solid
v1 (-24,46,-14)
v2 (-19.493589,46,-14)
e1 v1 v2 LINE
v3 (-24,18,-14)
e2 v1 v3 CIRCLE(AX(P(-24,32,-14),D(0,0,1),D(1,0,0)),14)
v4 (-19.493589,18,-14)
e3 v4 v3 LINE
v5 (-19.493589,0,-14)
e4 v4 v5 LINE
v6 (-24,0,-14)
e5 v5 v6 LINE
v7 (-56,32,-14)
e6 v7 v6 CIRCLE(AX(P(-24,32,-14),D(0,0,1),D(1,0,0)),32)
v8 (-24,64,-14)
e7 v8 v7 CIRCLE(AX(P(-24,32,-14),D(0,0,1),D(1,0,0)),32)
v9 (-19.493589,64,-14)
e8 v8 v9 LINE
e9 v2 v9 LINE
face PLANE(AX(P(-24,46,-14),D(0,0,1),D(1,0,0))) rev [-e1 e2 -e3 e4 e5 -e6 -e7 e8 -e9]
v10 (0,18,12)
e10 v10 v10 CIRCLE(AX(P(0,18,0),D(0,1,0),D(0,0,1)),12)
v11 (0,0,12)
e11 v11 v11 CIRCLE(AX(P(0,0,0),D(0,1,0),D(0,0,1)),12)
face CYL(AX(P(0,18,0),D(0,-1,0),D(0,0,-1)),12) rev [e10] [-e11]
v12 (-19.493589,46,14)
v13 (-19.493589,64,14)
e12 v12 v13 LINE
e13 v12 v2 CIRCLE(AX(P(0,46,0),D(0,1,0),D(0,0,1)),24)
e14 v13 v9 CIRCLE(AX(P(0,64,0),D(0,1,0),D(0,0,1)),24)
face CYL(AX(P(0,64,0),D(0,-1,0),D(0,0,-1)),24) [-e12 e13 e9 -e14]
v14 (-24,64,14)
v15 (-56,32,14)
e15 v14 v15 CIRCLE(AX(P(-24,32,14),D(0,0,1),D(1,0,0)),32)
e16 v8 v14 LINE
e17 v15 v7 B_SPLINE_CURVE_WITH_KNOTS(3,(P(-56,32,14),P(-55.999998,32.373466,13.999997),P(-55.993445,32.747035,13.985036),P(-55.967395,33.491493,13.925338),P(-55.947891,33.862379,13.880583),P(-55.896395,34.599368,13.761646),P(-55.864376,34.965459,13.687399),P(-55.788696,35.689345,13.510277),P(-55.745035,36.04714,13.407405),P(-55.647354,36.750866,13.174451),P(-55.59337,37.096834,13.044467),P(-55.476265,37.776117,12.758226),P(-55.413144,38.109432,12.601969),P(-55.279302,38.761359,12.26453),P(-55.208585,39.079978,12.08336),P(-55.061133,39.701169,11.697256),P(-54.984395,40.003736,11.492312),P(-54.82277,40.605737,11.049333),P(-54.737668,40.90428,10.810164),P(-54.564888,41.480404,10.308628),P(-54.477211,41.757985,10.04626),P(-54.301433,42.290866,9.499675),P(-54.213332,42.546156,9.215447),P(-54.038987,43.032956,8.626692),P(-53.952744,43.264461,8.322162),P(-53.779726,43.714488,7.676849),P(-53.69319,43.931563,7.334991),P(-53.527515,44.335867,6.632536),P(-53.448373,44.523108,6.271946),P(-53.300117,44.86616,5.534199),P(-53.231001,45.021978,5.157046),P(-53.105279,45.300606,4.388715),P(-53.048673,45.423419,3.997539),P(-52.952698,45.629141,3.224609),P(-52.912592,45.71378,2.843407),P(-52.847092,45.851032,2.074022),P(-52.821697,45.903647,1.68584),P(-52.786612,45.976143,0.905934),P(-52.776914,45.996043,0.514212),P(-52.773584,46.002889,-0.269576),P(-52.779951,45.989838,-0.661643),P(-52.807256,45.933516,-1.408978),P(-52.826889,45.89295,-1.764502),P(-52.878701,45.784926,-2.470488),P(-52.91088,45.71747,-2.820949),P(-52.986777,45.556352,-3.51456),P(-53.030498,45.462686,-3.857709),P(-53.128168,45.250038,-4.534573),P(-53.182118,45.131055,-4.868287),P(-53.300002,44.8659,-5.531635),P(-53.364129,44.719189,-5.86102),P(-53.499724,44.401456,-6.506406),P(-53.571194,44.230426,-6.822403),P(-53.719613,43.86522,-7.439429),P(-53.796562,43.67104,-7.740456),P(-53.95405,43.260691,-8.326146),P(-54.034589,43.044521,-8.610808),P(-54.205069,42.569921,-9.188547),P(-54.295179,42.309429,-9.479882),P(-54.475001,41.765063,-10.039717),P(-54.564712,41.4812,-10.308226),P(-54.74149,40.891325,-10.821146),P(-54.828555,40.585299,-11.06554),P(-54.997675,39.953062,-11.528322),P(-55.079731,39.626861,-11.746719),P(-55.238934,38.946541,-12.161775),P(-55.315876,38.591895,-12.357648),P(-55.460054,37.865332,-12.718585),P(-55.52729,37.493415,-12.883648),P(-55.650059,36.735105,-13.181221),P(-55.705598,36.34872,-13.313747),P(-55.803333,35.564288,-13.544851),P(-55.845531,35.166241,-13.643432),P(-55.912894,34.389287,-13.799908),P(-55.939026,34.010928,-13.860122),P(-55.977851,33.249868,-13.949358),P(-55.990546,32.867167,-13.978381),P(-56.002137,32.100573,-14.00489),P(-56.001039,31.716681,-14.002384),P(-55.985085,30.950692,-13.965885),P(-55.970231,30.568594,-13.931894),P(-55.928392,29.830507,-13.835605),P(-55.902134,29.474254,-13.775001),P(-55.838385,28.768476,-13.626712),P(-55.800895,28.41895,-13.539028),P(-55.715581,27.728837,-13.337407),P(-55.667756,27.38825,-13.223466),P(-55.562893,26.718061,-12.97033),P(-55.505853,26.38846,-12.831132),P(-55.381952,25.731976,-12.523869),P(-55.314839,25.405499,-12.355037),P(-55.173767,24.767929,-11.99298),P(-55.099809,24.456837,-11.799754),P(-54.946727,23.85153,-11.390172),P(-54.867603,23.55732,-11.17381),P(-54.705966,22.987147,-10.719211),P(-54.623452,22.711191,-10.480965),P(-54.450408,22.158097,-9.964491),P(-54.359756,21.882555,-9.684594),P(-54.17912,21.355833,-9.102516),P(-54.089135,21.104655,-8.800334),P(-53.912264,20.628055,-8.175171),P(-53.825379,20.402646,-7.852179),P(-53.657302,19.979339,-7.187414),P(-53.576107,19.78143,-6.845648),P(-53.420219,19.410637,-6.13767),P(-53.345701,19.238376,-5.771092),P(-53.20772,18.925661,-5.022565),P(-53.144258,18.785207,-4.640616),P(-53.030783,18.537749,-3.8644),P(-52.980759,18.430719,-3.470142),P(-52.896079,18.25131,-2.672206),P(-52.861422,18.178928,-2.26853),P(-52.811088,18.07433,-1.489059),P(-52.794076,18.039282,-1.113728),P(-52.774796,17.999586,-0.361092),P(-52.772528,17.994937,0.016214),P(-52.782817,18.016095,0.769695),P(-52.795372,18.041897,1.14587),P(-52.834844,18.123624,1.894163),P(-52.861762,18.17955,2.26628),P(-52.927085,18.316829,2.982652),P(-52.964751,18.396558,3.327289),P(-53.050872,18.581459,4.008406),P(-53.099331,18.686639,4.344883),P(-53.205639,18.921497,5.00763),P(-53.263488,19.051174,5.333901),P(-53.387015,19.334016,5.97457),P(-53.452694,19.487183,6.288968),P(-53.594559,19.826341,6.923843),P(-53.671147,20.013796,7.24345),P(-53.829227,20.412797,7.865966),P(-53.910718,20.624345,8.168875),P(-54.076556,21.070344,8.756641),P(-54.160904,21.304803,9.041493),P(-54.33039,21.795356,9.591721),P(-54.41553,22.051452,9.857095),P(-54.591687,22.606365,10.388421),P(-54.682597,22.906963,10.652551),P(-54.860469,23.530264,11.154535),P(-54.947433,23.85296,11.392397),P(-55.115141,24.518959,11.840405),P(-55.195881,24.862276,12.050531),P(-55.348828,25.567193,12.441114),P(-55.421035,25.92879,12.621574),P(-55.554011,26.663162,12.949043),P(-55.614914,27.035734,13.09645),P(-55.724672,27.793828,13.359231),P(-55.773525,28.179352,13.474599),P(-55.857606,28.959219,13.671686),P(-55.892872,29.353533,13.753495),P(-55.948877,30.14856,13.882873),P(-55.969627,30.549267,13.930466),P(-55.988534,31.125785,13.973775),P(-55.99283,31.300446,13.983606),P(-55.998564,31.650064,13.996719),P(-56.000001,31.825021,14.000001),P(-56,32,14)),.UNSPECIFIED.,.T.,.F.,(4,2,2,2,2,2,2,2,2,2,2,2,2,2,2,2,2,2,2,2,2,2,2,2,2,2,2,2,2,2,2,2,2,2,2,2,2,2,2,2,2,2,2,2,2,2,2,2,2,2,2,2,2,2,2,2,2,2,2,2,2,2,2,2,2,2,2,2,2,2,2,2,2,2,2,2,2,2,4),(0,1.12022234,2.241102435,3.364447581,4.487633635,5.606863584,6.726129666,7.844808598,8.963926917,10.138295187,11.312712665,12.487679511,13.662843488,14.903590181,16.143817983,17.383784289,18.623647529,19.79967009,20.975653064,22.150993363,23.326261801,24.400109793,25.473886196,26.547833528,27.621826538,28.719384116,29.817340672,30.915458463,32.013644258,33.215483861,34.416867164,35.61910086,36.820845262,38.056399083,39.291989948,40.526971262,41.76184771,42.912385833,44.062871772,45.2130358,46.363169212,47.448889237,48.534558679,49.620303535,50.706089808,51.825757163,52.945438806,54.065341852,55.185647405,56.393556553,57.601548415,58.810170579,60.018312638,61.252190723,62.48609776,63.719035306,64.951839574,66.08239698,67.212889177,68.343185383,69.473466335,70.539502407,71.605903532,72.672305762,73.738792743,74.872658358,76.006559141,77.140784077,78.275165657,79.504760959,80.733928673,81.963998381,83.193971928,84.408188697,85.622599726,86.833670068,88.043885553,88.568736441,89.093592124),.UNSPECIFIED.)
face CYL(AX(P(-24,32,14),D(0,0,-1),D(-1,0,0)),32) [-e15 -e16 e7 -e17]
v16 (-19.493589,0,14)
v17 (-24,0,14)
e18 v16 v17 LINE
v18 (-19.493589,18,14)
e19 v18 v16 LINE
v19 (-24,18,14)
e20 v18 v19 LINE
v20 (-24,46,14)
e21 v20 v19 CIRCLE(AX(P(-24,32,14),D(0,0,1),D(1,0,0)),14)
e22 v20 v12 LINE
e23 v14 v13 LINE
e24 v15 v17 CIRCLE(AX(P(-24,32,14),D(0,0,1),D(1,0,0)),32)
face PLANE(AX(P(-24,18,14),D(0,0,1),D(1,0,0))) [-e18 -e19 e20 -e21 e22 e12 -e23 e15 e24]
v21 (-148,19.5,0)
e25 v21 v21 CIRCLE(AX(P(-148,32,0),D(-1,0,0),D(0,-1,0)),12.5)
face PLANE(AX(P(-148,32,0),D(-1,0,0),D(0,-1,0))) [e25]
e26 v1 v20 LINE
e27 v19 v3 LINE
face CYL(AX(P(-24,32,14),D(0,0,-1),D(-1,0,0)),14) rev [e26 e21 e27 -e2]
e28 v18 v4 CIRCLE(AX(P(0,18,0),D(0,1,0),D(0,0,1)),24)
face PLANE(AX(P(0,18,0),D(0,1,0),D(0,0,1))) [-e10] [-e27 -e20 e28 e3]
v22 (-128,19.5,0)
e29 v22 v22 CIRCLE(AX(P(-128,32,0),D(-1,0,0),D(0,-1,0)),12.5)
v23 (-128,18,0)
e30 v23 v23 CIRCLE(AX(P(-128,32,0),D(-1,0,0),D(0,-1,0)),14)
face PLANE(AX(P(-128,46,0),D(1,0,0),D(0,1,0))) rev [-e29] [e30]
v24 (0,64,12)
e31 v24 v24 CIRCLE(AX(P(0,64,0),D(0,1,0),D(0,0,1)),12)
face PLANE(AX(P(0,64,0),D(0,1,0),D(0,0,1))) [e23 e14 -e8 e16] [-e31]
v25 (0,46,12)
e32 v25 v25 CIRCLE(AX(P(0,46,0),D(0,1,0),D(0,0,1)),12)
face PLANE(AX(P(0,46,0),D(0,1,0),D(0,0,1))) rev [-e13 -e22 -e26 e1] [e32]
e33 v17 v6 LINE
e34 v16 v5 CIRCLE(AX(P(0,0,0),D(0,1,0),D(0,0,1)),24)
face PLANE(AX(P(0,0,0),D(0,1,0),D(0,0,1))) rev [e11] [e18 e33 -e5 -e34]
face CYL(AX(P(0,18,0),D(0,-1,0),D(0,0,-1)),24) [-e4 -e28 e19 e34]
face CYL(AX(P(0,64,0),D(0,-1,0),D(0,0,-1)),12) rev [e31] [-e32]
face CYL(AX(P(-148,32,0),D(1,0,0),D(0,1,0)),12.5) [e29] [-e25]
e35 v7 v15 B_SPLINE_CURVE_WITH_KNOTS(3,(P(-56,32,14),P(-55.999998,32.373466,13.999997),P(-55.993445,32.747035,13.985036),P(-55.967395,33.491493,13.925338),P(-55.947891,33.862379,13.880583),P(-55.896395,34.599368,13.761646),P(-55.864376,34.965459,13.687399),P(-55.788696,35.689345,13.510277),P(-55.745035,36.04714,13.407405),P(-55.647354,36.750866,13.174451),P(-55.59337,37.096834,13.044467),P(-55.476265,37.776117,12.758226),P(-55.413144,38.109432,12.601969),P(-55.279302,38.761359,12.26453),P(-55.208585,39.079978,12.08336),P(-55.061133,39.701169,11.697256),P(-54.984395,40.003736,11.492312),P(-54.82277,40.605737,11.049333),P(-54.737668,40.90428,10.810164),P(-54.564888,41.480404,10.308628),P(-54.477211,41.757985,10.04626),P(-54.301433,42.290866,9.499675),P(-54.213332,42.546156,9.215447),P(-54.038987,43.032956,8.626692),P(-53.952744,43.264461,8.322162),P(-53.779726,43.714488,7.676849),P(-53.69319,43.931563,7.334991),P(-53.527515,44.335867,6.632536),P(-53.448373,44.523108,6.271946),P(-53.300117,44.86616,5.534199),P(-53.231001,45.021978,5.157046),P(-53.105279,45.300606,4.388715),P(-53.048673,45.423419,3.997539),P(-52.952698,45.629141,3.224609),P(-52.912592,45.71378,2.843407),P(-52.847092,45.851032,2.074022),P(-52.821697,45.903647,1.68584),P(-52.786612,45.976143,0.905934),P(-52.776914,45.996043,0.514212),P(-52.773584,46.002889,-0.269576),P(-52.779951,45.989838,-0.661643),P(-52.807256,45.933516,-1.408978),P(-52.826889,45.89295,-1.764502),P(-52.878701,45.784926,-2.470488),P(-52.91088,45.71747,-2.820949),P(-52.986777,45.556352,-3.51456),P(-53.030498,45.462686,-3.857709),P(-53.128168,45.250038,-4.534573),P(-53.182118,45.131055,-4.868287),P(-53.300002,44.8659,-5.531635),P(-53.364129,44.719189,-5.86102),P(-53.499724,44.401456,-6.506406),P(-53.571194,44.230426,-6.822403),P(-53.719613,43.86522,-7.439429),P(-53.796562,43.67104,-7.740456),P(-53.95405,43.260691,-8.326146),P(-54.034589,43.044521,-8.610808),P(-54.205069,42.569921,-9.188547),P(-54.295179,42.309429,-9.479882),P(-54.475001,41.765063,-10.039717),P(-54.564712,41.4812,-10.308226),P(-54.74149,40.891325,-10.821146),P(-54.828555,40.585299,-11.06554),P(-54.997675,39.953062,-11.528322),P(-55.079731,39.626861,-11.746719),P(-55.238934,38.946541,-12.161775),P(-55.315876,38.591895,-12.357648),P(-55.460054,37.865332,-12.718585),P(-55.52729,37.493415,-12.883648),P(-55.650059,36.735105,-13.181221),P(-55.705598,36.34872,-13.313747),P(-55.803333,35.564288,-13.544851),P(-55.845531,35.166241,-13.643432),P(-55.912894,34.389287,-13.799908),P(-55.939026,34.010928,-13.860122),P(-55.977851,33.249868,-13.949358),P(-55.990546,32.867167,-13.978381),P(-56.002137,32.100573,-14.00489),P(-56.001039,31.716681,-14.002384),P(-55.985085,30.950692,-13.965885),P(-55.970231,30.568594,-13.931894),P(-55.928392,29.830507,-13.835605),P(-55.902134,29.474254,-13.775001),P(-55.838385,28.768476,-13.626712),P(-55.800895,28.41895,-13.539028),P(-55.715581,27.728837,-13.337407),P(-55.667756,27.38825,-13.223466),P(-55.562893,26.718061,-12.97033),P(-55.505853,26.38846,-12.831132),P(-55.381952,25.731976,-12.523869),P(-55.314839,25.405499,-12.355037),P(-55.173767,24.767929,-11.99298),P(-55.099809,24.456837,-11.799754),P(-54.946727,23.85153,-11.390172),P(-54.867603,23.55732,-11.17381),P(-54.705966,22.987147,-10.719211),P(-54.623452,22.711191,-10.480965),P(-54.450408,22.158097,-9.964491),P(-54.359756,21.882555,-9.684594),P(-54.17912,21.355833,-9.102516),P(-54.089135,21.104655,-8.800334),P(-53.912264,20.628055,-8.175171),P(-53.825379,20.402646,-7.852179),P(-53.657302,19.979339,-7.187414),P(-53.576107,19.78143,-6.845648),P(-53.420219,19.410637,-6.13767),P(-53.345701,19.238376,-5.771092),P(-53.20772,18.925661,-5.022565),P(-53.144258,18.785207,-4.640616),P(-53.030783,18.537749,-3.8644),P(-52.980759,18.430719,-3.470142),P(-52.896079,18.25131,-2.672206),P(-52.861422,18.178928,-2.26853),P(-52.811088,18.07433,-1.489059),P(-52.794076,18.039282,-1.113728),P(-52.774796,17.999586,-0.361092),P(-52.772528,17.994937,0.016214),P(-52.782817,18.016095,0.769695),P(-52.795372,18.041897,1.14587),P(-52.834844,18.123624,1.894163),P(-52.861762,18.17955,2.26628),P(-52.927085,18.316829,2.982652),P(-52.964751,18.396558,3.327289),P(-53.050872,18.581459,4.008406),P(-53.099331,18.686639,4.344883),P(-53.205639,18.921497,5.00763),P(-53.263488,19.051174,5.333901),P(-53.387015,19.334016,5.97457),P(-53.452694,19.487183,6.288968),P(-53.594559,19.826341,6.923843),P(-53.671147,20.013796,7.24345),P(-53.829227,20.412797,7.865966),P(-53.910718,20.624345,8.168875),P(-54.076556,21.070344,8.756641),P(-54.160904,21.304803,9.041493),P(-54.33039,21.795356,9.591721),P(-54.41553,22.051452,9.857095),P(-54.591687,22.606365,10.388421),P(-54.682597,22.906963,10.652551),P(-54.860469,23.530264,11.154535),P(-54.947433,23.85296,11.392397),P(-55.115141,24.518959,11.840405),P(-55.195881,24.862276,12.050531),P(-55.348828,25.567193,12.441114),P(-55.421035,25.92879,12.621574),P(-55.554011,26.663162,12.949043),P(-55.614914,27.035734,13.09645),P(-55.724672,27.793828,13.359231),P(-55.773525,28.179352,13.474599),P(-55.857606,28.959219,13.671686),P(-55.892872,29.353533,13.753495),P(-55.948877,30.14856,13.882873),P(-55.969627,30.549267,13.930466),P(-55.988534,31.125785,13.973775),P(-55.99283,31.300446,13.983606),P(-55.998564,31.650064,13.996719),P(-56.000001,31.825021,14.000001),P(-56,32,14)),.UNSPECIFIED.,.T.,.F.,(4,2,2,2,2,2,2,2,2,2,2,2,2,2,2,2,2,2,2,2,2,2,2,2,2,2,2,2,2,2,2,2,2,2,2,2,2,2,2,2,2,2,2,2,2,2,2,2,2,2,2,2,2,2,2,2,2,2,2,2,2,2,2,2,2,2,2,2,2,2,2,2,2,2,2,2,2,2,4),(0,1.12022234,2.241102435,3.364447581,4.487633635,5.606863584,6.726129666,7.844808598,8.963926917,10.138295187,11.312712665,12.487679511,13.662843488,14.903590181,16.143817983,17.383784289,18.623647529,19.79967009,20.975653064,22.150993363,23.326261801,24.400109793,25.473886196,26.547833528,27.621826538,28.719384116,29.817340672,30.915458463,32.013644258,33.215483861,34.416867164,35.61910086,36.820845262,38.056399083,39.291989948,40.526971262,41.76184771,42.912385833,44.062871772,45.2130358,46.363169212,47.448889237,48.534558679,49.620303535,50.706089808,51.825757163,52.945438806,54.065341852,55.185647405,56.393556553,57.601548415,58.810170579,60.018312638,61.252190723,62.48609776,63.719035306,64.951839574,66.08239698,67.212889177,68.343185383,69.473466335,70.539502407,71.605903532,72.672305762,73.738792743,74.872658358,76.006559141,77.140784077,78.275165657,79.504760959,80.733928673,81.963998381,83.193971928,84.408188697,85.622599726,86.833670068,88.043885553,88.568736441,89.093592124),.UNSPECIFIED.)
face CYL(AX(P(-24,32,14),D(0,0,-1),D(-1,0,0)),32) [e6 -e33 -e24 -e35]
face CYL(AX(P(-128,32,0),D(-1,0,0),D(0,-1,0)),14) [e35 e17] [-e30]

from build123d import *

# Parameters (mm, degrees)
SKETCH2_R           = 24
SKETCH2_R_2         = 12
BOSS_EXTRUDE2_DEPTH = 18
SKETCH3_R           = 24
SKETCH3_R_2         = 12
BOSS_EXTRUDE3_DEPTH = 18
BOSS_EXTRUDE4_DEPTH = 14
SKETCH6_R           = 12.5
BOSS_EXTRUDE5_DEPTH = 20
BOSS_EXTRUDE7_START = -18
BOSS_EXTRUDE7_DEPTH = 18
BOSS_EXTRUDE8_DEPTH = 18


with BuildPart() as part:
    # Sketch2 → Boss-Extrude2 (new body)
    with BuildSketch(Plane(origin=(0, 0, 0), x_dir=(1, 0, 0), z_dir=(0, 1, 0))):
        with Locations(Location((0, 0, 0), (0, 0, 270))):
            Circle(SKETCH2_R)
        with Locations(Location((0, 0, 0), (0, 0, 270))):
            Circle(SKETCH2_R_2, mode=Mode.SUBTRACT)
    extrude(amount=BOSS_EXTRUDE2_DEPTH)



with BuildPart() as body_2:
    # Sketch3 → Boss-Extrude3 (new body)
    with BuildSketch(Plane(origin=(0, 46, 0), x_dir=(1, 0, 0), z_dir=(0, 1, 0))):
        with Locations(Location((0, 0, 0), (0, 0, 270))):
            Circle(SKETCH3_R)
        with Locations(Location((0, 0, 0), (0, 0, 270))):
            Circle(SKETCH3_R_2, mode=Mode.SUBTRACT)
    extrude(amount=BOSS_EXTRUDE3_DEPTH)



with BuildPart() as body_3:
    # Sketch4 → Boss-Extrude4 (new, symmetric)
    with BuildSketch(Plane.XY):
        with BuildLine():
            Line((-24, 64), (-24, 46))
            ThreePointArc((-24, 46), (-38, 32), (-24, 18))
            Line((-24, 18), (-24, 0))
            ThreePointArc((-24, 0), (-56, 32), (-24, 64))
        make_face()
    extrude(amount=BOSS_EXTRUDE4_DEPTH, both=True)

    # Sketch5 → Revolve1 (revolve)
    with BuildSketch(Plane.XY, mode=Mode.PRIVATE) as revolve1_sk:
        with BuildLine():
            Line((-52.77498914, 46), (-128, 46))
            Line((-128, 46), (-128, 32))
            Line((-128, 32), (-56, 32))
            ThreePointArc((-56, 32), (-55.183326093, 39.183326093), (-52.77498914, 46))
        make_face()
    revolve(revolve1_sk.sketch.rotate(Axis((-128, 32, 0), (1, 0, 0)), 180), axis=Axis((-128, 32, 0), (1, 0, 0)))

    # Sketch6 → Boss-Extrude5 (add)
    with BuildSketch(Plane.ZY.offset(128)):
        with Locations(Location((0, 32, 0), (0, 0, 270))):
            Circle(SKETCH6_R)
    extrude(amount=BOSS_EXTRUDE5_DEPTH)


with BuildPart() as body_2_1:
    add(body_2.part)

    add(body_3.part)  # Boss-Extrude7 merges body 3
    # Sketch7 → Boss-Extrude7 (add)
    with BuildSketch(Plane(origin=(0, 64, 0), x_dir=(1, 0, 0), z_dir=(0, 1, 0)).offset(BOSS_EXTRUDE7_START)):
        with BuildLine():
            Line((-24, 14), (-19.49358869, 14))
            ThreePointArc((-19.49358869, 14), (-22.845635563, 7.353702178), (-24, 0))
            Line((-24, 0), (-24, 14))
        make_face()
    boss_extrude7 = extrude(amount=BOSS_EXTRUDE7_DEPTH)

    # Mirror1: Boss-Extrude7 across plane
    add(boss_extrude7.mirror(Plane.XY))


with BuildPart() as part_1:
    add(part.part)

    add(body_2_1.part)  # Boss-Extrude8 merges body 2
    # Sketch8 → Boss-Extrude8 (add)
    with BuildSketch(Plane.XZ):
        with BuildLine():
            Line((-24, 14), (-19.49358869, 14))
            ThreePointArc((-19.49358869, 14), (-22.845635563, 7.353702178), (-24, 0))
            Line((-24, 0), (-24, 14))
        make_face()
    boss_extrude8 = extrude(amount=-BOSS_EXTRUDE8_DEPTH)

    # Mirror2: Boss-Extrude8 across plane
    add(boss_extrude8.mirror(Plane.XY))


solid = part_1.part
